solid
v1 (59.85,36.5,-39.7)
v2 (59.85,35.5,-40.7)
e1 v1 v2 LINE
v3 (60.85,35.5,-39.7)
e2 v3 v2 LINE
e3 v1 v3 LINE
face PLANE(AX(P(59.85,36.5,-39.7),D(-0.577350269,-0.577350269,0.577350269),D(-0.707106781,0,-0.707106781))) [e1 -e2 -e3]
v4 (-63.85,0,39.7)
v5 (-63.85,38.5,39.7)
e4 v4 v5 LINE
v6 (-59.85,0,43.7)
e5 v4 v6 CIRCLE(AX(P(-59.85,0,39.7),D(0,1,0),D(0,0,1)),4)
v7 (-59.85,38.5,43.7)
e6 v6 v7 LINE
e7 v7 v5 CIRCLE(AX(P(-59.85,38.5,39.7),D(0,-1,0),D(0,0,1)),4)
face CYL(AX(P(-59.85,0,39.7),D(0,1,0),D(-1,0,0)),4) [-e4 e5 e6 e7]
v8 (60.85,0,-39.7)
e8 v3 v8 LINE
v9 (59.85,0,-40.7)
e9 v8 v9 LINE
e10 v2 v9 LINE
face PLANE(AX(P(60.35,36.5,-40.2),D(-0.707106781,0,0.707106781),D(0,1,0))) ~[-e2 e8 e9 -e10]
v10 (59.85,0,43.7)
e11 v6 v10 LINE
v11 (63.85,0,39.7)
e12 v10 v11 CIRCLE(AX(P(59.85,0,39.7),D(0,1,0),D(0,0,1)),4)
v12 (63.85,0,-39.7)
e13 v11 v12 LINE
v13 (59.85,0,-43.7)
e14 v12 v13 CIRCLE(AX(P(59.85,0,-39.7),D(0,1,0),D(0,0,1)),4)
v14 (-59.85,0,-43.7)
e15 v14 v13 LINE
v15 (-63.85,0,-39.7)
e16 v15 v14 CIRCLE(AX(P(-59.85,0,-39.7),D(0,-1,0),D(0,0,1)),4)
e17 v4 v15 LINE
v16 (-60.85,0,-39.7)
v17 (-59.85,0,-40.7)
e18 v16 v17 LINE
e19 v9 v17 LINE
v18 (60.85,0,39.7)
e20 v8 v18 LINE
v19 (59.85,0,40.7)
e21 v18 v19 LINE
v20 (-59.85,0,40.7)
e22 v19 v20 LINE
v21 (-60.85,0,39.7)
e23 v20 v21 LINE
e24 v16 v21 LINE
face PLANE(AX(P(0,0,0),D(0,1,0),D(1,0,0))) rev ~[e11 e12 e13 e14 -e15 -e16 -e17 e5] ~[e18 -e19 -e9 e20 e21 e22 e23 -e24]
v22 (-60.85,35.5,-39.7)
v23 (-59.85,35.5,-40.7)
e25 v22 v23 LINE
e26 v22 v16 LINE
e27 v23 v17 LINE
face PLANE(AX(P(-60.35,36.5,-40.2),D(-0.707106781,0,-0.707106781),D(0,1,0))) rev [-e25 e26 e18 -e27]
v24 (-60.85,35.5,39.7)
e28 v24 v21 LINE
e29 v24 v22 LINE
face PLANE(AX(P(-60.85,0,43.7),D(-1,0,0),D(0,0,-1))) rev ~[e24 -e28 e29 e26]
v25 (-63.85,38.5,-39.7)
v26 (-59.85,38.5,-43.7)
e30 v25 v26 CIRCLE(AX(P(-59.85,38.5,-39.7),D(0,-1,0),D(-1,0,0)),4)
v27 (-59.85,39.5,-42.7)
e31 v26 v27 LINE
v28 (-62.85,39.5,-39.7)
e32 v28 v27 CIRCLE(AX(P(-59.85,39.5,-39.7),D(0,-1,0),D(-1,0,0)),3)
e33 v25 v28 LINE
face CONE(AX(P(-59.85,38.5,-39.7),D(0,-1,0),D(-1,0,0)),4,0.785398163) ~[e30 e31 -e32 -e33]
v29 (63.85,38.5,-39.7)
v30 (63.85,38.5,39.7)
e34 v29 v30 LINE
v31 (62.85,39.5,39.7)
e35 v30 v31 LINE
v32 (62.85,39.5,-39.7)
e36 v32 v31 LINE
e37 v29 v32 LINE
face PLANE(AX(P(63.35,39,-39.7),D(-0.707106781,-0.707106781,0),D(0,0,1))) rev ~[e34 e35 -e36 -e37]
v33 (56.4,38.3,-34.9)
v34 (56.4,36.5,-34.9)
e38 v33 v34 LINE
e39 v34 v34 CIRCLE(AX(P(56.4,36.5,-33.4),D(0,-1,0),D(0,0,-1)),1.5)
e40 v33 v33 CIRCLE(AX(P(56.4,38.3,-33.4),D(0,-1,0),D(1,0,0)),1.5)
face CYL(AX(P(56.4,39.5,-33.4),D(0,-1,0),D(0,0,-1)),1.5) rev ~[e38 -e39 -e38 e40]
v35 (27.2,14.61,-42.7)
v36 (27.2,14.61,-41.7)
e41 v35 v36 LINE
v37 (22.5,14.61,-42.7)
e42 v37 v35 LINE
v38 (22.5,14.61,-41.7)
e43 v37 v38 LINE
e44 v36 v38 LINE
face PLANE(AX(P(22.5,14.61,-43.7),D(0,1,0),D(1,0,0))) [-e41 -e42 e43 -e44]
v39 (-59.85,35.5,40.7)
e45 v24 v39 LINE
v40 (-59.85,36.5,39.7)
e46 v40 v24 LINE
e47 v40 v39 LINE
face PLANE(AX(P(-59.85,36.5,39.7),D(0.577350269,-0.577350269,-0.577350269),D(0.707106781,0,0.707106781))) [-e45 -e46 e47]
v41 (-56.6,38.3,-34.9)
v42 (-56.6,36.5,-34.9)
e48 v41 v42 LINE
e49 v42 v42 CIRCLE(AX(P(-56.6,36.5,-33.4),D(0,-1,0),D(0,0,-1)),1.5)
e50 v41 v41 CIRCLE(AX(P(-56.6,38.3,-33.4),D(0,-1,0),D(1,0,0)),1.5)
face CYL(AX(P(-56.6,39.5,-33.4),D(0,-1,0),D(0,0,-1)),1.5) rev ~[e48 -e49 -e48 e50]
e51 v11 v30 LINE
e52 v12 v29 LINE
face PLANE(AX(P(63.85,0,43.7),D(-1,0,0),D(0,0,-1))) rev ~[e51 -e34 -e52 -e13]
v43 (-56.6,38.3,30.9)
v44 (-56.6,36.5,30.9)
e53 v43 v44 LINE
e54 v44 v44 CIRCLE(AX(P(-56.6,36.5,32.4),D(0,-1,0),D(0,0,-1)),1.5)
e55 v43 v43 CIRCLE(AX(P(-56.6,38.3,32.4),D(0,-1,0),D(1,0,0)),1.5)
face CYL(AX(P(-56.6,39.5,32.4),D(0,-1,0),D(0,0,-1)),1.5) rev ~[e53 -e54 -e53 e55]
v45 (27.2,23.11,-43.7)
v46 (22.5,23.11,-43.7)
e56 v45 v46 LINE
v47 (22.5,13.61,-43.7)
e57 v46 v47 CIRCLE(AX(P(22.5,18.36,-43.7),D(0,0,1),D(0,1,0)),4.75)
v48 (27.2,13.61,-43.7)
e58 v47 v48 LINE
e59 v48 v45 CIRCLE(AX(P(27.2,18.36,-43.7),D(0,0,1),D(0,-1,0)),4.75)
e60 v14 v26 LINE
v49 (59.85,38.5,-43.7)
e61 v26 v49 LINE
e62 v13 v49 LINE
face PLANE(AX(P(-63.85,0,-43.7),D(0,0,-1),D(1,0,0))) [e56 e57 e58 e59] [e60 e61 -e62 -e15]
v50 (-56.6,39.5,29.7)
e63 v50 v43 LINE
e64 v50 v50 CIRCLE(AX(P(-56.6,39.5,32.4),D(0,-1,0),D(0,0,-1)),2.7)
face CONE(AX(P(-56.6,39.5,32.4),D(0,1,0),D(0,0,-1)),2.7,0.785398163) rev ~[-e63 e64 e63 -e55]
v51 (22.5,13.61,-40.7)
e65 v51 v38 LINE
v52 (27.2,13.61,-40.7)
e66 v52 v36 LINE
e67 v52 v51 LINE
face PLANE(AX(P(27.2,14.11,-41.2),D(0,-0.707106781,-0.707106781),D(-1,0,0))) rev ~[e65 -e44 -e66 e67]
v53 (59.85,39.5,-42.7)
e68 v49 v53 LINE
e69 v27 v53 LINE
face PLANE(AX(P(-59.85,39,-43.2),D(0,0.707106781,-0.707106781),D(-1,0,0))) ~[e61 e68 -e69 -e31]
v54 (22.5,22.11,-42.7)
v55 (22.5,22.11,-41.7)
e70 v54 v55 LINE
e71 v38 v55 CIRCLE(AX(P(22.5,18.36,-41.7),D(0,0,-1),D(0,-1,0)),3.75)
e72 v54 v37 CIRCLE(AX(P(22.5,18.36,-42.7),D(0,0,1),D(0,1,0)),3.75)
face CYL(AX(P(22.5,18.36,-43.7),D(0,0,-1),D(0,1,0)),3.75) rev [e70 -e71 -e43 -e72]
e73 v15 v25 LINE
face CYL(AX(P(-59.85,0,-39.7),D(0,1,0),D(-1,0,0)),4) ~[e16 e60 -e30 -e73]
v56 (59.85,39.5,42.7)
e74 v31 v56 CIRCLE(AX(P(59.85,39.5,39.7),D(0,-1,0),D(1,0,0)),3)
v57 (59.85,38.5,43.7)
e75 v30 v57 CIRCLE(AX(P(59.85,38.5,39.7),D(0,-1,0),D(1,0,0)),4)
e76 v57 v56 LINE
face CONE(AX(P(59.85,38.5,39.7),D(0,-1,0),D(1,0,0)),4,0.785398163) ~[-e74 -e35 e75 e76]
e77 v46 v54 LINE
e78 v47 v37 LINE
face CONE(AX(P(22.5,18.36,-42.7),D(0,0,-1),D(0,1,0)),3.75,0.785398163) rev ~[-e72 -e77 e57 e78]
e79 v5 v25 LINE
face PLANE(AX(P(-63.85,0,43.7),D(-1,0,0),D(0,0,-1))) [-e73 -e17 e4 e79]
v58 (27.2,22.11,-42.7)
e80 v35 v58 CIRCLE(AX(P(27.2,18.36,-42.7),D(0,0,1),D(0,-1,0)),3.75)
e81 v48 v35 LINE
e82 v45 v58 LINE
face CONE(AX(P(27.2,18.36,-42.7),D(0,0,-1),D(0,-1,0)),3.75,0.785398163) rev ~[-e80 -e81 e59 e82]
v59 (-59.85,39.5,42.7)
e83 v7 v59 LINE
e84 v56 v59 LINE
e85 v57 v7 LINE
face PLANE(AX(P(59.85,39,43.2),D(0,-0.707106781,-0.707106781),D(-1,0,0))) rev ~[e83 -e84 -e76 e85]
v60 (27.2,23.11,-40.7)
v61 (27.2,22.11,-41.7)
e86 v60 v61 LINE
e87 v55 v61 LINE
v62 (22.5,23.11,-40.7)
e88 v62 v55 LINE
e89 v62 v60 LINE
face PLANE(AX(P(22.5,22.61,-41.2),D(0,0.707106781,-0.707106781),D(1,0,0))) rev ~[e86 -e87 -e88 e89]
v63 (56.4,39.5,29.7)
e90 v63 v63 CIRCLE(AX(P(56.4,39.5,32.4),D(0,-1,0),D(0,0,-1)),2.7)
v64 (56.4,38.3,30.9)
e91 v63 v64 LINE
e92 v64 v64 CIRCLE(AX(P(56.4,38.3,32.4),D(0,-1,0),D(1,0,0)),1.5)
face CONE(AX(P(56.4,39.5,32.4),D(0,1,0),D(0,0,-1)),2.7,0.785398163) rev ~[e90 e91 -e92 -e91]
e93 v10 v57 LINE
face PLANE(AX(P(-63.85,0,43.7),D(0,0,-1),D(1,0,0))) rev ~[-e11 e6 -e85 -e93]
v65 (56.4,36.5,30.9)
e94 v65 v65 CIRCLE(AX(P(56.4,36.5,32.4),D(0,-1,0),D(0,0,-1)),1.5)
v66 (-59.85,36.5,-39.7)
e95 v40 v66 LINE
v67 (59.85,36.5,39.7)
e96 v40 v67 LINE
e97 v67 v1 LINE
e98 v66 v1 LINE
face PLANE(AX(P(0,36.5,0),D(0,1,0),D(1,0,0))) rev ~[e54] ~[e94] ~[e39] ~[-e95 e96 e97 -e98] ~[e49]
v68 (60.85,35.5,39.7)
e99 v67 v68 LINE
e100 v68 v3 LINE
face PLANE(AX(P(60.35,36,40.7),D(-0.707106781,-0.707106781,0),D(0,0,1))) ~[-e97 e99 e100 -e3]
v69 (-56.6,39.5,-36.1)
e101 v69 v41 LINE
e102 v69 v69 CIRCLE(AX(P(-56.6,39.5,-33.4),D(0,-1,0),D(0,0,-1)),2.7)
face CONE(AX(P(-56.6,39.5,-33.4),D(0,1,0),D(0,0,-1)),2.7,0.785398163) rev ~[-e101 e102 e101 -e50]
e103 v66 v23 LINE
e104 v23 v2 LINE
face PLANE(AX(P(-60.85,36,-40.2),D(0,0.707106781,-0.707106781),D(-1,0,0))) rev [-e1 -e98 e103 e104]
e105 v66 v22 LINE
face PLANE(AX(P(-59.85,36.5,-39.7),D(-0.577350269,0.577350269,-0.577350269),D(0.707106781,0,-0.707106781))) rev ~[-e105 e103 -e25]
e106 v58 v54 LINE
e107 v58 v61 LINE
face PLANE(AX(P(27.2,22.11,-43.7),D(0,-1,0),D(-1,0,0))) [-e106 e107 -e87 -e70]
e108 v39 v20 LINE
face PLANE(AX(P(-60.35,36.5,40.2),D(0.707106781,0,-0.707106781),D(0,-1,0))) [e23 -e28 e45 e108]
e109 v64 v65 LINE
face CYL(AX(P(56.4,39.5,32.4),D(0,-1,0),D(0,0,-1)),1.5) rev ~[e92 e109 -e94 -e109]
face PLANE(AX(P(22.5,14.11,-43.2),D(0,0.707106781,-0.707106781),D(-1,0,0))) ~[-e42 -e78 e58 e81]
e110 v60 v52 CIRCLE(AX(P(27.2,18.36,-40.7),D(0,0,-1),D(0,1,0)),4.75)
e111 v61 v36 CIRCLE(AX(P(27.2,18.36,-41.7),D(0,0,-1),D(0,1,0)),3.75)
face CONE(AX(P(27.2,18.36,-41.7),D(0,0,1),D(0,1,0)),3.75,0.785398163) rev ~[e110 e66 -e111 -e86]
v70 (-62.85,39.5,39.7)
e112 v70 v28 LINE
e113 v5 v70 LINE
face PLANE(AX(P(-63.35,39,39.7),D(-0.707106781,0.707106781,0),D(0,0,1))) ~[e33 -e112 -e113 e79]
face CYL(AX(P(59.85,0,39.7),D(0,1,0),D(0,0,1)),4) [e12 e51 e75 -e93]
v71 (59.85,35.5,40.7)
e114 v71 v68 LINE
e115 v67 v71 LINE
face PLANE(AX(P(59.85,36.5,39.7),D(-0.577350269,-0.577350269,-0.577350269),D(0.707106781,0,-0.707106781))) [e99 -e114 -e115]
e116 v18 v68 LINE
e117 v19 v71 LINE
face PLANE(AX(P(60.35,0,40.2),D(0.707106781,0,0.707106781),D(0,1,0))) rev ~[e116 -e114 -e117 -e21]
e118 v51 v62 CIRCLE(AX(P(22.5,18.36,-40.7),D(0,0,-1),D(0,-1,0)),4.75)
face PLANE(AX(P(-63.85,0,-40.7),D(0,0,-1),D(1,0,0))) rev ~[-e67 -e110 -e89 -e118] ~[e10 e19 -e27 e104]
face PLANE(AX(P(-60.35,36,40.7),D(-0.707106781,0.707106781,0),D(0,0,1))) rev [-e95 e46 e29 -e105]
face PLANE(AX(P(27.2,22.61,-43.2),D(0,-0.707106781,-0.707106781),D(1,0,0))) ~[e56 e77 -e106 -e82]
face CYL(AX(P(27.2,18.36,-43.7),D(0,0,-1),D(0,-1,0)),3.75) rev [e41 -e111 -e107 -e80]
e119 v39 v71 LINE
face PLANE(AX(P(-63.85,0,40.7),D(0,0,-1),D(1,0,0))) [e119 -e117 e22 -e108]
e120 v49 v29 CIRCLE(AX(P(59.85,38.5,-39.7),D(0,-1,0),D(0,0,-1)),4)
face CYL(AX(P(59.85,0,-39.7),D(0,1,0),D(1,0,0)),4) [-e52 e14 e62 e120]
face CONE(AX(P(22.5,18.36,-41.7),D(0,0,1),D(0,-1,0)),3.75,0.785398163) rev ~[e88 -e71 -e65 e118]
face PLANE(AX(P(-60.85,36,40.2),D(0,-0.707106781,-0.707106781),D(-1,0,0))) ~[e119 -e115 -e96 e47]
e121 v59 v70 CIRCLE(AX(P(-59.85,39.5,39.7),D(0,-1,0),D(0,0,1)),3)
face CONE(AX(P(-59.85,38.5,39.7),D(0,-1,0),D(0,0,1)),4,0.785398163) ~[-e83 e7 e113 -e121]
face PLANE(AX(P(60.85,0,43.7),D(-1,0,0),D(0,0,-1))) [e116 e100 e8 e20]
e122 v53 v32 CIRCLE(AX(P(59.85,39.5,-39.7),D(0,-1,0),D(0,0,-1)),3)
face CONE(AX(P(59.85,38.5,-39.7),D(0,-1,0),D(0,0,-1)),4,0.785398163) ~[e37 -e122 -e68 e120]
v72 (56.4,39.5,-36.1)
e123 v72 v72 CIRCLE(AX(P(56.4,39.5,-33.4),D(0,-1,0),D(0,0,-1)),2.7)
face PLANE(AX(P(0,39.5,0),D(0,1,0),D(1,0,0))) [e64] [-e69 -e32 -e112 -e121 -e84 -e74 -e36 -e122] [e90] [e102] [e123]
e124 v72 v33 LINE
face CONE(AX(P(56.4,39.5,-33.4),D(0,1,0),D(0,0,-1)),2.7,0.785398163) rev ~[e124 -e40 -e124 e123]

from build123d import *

# Parameters (mm, degrees)
SKETCH1_W                                       = 127.7
SKETCH1_H                                       = 87.4
BOSS_EXTRUDE1_DEPTH                             = 39.5
SHELL1_T                                        = -3
FILLET2_R                                       = 4
CSK_FOR_M2_FLAT_HEAD_MACHINE_SCREW3_D           = 3
CSK_FOR_M2_FLAT_HEAD_MACHINE_SCREW3_CSINK_D     = 5.4
CSK_FOR_M2_FLAT_HEAD_MACHINE_SCREW3_CSINK_ANGLE = 90
CUT_EXTRUDE1_REACH                              = 89.4
CHAMFER1_SIZE                                   = 1
CHAMFER2_SIZE                                   = 1
CHAMFER3_SIZE                                   = 1


with BuildPart() as part:
    # Sketch1 → Boss-Extrude1 (new body)
    with BuildSketch(Plane(origin=(0, 0, 0), x_dir=(1, 0, 0), z_dir=(0, 1, 0))):
        Rectangle(SKETCH1_W, SKETCH1_H)
    extrude(amount=BOSS_EXTRUDE1_DEPTH)

    # Shell1
    shell1_openings = [part.faces().sort_by_distance(p)[0] for p in [
        (0, 0, 0),
    ]]
    offset(amount=SHELL1_T, openings=shell1_openings, kind=Kind.INTERSECTION)

    # Fillet2
    fillet2_edges = [part.edges().sort_by_distance(p)[0] for p in [
        (-63.85, 19.75, -43.7),
        (63.85, 19.75, -43.7),
        (63.85, 19.75, 43.7),
        (-63.85, 19.75, 43.7),
    ]]
    fillet(fillet2_edges, radius=FILLET2_R)

    # CSK for M2 Flat Head Machine Screw3 (through all)
    with Locations(Plane(origin=(56.4, 39.5, -33.4), x_dir=(0, 0, 1), z_dir=(0, 1, 0))):
        with Locations((0, 0), (0, -113), (65.8, -113), (65.8, 0)):
            CounterSinkHole(CSK_FOR_M2_FLAT_HEAD_MACHINE_SCREW3_D / 2, CSK_FOR_M2_FLAT_HEAD_MACHINE_SCREW3_CSINK_D / 2, counter_sink_angle=CSK_FOR_M2_FLAT_HEAD_MACHINE_SCREW3_CSINK_ANGLE)

    # Sketch9 → Cut-Extrude1 (cut, up to next)
    with BuildSketch(Plane(origin=(0, 0, -43.7), x_dir=(-1, 0, 0), z_dir=(0, 0, -1)), mode=Mode.PRIVATE) as cut_extrude1_sk1:
        with BuildLine():
            Line((-27.2, 22.11), (-22.5, 22.11))
            ThreePointArc((-22.5, 22.11), (-18.75, 18.36), (-22.5, 14.61))
            Line((-22.5, 14.61), (-27.2, 14.61))
            ThreePointArc((-27.2, 14.61), (-30.95, 18.36), (-27.2, 22.11))
        make_face()
    cut_extrude1_tool1 = extrude(cut_extrude1_sk1.sketch, amount=-CUT_EXTRUDE1_REACH, mode=Mode.PRIVATE) & part.part
    add(cut_extrude1_tool1.solids().sort_by_distance((24.85, 18.36, -43.7))[0], mode=Mode.SUBTRACT)

    # Chamfer1
    chamfer1_edges = [part.edges().sort_by_distance(p)[0] for p in [
        (30.95, 18.36, -43.7),
        (24.85, 14.61, -43.7),
        (18.75, 18.36, -43.7),
        (24.85, 22.11, -43.7),
        (24.85, 14.61, -40.7),
        (18.75, 18.36, -40.7),
        (24.85, 22.11, -40.7),
        (30.95, 18.36, -40.7),
    ]]
    chamfer(chamfer1_edges, length=CHAMFER1_SIZE)

    # Chamfer2
    chamfer2_edges = [part.edges().sort_by_distance(p)[0] for p in [
        (0, 39.5, -43.7),
        (63.85, 39.5, 0),
        (-63.85, 39.5, 0),
        (0, 39.5, 43.7),
        (62.678427125, 39.5, 42.528427125),
        (-62.678427125, 39.5, 42.528427125),
        (-62.678427125, 39.5, -42.528427125),
        (62.678427125, 39.5, -42.528427125),
    ]]
    chamfer(chamfer2_edges, length=CHAMFER2_SIZE)

    # Chamfer3
    chamfer3_edges = [part.edges().sort_by_distance(p)[0] for p in [
        (-60.85, 18.25, -40.7),
        (-60.85, 18.25, 40.7),
        (60.85, 18.25, 40.7),
        (60.85, 18.25, -40.7),
        (-60.85, 36.5, 0),
        (0, 36.5, 40.7),
        (60.85, 36.5, 0),
        (0, 36.5, -40.7),
    ]]
    chamfer(chamfer3_edges, length=CHAMFER3_SIZE)


solid = part.part
